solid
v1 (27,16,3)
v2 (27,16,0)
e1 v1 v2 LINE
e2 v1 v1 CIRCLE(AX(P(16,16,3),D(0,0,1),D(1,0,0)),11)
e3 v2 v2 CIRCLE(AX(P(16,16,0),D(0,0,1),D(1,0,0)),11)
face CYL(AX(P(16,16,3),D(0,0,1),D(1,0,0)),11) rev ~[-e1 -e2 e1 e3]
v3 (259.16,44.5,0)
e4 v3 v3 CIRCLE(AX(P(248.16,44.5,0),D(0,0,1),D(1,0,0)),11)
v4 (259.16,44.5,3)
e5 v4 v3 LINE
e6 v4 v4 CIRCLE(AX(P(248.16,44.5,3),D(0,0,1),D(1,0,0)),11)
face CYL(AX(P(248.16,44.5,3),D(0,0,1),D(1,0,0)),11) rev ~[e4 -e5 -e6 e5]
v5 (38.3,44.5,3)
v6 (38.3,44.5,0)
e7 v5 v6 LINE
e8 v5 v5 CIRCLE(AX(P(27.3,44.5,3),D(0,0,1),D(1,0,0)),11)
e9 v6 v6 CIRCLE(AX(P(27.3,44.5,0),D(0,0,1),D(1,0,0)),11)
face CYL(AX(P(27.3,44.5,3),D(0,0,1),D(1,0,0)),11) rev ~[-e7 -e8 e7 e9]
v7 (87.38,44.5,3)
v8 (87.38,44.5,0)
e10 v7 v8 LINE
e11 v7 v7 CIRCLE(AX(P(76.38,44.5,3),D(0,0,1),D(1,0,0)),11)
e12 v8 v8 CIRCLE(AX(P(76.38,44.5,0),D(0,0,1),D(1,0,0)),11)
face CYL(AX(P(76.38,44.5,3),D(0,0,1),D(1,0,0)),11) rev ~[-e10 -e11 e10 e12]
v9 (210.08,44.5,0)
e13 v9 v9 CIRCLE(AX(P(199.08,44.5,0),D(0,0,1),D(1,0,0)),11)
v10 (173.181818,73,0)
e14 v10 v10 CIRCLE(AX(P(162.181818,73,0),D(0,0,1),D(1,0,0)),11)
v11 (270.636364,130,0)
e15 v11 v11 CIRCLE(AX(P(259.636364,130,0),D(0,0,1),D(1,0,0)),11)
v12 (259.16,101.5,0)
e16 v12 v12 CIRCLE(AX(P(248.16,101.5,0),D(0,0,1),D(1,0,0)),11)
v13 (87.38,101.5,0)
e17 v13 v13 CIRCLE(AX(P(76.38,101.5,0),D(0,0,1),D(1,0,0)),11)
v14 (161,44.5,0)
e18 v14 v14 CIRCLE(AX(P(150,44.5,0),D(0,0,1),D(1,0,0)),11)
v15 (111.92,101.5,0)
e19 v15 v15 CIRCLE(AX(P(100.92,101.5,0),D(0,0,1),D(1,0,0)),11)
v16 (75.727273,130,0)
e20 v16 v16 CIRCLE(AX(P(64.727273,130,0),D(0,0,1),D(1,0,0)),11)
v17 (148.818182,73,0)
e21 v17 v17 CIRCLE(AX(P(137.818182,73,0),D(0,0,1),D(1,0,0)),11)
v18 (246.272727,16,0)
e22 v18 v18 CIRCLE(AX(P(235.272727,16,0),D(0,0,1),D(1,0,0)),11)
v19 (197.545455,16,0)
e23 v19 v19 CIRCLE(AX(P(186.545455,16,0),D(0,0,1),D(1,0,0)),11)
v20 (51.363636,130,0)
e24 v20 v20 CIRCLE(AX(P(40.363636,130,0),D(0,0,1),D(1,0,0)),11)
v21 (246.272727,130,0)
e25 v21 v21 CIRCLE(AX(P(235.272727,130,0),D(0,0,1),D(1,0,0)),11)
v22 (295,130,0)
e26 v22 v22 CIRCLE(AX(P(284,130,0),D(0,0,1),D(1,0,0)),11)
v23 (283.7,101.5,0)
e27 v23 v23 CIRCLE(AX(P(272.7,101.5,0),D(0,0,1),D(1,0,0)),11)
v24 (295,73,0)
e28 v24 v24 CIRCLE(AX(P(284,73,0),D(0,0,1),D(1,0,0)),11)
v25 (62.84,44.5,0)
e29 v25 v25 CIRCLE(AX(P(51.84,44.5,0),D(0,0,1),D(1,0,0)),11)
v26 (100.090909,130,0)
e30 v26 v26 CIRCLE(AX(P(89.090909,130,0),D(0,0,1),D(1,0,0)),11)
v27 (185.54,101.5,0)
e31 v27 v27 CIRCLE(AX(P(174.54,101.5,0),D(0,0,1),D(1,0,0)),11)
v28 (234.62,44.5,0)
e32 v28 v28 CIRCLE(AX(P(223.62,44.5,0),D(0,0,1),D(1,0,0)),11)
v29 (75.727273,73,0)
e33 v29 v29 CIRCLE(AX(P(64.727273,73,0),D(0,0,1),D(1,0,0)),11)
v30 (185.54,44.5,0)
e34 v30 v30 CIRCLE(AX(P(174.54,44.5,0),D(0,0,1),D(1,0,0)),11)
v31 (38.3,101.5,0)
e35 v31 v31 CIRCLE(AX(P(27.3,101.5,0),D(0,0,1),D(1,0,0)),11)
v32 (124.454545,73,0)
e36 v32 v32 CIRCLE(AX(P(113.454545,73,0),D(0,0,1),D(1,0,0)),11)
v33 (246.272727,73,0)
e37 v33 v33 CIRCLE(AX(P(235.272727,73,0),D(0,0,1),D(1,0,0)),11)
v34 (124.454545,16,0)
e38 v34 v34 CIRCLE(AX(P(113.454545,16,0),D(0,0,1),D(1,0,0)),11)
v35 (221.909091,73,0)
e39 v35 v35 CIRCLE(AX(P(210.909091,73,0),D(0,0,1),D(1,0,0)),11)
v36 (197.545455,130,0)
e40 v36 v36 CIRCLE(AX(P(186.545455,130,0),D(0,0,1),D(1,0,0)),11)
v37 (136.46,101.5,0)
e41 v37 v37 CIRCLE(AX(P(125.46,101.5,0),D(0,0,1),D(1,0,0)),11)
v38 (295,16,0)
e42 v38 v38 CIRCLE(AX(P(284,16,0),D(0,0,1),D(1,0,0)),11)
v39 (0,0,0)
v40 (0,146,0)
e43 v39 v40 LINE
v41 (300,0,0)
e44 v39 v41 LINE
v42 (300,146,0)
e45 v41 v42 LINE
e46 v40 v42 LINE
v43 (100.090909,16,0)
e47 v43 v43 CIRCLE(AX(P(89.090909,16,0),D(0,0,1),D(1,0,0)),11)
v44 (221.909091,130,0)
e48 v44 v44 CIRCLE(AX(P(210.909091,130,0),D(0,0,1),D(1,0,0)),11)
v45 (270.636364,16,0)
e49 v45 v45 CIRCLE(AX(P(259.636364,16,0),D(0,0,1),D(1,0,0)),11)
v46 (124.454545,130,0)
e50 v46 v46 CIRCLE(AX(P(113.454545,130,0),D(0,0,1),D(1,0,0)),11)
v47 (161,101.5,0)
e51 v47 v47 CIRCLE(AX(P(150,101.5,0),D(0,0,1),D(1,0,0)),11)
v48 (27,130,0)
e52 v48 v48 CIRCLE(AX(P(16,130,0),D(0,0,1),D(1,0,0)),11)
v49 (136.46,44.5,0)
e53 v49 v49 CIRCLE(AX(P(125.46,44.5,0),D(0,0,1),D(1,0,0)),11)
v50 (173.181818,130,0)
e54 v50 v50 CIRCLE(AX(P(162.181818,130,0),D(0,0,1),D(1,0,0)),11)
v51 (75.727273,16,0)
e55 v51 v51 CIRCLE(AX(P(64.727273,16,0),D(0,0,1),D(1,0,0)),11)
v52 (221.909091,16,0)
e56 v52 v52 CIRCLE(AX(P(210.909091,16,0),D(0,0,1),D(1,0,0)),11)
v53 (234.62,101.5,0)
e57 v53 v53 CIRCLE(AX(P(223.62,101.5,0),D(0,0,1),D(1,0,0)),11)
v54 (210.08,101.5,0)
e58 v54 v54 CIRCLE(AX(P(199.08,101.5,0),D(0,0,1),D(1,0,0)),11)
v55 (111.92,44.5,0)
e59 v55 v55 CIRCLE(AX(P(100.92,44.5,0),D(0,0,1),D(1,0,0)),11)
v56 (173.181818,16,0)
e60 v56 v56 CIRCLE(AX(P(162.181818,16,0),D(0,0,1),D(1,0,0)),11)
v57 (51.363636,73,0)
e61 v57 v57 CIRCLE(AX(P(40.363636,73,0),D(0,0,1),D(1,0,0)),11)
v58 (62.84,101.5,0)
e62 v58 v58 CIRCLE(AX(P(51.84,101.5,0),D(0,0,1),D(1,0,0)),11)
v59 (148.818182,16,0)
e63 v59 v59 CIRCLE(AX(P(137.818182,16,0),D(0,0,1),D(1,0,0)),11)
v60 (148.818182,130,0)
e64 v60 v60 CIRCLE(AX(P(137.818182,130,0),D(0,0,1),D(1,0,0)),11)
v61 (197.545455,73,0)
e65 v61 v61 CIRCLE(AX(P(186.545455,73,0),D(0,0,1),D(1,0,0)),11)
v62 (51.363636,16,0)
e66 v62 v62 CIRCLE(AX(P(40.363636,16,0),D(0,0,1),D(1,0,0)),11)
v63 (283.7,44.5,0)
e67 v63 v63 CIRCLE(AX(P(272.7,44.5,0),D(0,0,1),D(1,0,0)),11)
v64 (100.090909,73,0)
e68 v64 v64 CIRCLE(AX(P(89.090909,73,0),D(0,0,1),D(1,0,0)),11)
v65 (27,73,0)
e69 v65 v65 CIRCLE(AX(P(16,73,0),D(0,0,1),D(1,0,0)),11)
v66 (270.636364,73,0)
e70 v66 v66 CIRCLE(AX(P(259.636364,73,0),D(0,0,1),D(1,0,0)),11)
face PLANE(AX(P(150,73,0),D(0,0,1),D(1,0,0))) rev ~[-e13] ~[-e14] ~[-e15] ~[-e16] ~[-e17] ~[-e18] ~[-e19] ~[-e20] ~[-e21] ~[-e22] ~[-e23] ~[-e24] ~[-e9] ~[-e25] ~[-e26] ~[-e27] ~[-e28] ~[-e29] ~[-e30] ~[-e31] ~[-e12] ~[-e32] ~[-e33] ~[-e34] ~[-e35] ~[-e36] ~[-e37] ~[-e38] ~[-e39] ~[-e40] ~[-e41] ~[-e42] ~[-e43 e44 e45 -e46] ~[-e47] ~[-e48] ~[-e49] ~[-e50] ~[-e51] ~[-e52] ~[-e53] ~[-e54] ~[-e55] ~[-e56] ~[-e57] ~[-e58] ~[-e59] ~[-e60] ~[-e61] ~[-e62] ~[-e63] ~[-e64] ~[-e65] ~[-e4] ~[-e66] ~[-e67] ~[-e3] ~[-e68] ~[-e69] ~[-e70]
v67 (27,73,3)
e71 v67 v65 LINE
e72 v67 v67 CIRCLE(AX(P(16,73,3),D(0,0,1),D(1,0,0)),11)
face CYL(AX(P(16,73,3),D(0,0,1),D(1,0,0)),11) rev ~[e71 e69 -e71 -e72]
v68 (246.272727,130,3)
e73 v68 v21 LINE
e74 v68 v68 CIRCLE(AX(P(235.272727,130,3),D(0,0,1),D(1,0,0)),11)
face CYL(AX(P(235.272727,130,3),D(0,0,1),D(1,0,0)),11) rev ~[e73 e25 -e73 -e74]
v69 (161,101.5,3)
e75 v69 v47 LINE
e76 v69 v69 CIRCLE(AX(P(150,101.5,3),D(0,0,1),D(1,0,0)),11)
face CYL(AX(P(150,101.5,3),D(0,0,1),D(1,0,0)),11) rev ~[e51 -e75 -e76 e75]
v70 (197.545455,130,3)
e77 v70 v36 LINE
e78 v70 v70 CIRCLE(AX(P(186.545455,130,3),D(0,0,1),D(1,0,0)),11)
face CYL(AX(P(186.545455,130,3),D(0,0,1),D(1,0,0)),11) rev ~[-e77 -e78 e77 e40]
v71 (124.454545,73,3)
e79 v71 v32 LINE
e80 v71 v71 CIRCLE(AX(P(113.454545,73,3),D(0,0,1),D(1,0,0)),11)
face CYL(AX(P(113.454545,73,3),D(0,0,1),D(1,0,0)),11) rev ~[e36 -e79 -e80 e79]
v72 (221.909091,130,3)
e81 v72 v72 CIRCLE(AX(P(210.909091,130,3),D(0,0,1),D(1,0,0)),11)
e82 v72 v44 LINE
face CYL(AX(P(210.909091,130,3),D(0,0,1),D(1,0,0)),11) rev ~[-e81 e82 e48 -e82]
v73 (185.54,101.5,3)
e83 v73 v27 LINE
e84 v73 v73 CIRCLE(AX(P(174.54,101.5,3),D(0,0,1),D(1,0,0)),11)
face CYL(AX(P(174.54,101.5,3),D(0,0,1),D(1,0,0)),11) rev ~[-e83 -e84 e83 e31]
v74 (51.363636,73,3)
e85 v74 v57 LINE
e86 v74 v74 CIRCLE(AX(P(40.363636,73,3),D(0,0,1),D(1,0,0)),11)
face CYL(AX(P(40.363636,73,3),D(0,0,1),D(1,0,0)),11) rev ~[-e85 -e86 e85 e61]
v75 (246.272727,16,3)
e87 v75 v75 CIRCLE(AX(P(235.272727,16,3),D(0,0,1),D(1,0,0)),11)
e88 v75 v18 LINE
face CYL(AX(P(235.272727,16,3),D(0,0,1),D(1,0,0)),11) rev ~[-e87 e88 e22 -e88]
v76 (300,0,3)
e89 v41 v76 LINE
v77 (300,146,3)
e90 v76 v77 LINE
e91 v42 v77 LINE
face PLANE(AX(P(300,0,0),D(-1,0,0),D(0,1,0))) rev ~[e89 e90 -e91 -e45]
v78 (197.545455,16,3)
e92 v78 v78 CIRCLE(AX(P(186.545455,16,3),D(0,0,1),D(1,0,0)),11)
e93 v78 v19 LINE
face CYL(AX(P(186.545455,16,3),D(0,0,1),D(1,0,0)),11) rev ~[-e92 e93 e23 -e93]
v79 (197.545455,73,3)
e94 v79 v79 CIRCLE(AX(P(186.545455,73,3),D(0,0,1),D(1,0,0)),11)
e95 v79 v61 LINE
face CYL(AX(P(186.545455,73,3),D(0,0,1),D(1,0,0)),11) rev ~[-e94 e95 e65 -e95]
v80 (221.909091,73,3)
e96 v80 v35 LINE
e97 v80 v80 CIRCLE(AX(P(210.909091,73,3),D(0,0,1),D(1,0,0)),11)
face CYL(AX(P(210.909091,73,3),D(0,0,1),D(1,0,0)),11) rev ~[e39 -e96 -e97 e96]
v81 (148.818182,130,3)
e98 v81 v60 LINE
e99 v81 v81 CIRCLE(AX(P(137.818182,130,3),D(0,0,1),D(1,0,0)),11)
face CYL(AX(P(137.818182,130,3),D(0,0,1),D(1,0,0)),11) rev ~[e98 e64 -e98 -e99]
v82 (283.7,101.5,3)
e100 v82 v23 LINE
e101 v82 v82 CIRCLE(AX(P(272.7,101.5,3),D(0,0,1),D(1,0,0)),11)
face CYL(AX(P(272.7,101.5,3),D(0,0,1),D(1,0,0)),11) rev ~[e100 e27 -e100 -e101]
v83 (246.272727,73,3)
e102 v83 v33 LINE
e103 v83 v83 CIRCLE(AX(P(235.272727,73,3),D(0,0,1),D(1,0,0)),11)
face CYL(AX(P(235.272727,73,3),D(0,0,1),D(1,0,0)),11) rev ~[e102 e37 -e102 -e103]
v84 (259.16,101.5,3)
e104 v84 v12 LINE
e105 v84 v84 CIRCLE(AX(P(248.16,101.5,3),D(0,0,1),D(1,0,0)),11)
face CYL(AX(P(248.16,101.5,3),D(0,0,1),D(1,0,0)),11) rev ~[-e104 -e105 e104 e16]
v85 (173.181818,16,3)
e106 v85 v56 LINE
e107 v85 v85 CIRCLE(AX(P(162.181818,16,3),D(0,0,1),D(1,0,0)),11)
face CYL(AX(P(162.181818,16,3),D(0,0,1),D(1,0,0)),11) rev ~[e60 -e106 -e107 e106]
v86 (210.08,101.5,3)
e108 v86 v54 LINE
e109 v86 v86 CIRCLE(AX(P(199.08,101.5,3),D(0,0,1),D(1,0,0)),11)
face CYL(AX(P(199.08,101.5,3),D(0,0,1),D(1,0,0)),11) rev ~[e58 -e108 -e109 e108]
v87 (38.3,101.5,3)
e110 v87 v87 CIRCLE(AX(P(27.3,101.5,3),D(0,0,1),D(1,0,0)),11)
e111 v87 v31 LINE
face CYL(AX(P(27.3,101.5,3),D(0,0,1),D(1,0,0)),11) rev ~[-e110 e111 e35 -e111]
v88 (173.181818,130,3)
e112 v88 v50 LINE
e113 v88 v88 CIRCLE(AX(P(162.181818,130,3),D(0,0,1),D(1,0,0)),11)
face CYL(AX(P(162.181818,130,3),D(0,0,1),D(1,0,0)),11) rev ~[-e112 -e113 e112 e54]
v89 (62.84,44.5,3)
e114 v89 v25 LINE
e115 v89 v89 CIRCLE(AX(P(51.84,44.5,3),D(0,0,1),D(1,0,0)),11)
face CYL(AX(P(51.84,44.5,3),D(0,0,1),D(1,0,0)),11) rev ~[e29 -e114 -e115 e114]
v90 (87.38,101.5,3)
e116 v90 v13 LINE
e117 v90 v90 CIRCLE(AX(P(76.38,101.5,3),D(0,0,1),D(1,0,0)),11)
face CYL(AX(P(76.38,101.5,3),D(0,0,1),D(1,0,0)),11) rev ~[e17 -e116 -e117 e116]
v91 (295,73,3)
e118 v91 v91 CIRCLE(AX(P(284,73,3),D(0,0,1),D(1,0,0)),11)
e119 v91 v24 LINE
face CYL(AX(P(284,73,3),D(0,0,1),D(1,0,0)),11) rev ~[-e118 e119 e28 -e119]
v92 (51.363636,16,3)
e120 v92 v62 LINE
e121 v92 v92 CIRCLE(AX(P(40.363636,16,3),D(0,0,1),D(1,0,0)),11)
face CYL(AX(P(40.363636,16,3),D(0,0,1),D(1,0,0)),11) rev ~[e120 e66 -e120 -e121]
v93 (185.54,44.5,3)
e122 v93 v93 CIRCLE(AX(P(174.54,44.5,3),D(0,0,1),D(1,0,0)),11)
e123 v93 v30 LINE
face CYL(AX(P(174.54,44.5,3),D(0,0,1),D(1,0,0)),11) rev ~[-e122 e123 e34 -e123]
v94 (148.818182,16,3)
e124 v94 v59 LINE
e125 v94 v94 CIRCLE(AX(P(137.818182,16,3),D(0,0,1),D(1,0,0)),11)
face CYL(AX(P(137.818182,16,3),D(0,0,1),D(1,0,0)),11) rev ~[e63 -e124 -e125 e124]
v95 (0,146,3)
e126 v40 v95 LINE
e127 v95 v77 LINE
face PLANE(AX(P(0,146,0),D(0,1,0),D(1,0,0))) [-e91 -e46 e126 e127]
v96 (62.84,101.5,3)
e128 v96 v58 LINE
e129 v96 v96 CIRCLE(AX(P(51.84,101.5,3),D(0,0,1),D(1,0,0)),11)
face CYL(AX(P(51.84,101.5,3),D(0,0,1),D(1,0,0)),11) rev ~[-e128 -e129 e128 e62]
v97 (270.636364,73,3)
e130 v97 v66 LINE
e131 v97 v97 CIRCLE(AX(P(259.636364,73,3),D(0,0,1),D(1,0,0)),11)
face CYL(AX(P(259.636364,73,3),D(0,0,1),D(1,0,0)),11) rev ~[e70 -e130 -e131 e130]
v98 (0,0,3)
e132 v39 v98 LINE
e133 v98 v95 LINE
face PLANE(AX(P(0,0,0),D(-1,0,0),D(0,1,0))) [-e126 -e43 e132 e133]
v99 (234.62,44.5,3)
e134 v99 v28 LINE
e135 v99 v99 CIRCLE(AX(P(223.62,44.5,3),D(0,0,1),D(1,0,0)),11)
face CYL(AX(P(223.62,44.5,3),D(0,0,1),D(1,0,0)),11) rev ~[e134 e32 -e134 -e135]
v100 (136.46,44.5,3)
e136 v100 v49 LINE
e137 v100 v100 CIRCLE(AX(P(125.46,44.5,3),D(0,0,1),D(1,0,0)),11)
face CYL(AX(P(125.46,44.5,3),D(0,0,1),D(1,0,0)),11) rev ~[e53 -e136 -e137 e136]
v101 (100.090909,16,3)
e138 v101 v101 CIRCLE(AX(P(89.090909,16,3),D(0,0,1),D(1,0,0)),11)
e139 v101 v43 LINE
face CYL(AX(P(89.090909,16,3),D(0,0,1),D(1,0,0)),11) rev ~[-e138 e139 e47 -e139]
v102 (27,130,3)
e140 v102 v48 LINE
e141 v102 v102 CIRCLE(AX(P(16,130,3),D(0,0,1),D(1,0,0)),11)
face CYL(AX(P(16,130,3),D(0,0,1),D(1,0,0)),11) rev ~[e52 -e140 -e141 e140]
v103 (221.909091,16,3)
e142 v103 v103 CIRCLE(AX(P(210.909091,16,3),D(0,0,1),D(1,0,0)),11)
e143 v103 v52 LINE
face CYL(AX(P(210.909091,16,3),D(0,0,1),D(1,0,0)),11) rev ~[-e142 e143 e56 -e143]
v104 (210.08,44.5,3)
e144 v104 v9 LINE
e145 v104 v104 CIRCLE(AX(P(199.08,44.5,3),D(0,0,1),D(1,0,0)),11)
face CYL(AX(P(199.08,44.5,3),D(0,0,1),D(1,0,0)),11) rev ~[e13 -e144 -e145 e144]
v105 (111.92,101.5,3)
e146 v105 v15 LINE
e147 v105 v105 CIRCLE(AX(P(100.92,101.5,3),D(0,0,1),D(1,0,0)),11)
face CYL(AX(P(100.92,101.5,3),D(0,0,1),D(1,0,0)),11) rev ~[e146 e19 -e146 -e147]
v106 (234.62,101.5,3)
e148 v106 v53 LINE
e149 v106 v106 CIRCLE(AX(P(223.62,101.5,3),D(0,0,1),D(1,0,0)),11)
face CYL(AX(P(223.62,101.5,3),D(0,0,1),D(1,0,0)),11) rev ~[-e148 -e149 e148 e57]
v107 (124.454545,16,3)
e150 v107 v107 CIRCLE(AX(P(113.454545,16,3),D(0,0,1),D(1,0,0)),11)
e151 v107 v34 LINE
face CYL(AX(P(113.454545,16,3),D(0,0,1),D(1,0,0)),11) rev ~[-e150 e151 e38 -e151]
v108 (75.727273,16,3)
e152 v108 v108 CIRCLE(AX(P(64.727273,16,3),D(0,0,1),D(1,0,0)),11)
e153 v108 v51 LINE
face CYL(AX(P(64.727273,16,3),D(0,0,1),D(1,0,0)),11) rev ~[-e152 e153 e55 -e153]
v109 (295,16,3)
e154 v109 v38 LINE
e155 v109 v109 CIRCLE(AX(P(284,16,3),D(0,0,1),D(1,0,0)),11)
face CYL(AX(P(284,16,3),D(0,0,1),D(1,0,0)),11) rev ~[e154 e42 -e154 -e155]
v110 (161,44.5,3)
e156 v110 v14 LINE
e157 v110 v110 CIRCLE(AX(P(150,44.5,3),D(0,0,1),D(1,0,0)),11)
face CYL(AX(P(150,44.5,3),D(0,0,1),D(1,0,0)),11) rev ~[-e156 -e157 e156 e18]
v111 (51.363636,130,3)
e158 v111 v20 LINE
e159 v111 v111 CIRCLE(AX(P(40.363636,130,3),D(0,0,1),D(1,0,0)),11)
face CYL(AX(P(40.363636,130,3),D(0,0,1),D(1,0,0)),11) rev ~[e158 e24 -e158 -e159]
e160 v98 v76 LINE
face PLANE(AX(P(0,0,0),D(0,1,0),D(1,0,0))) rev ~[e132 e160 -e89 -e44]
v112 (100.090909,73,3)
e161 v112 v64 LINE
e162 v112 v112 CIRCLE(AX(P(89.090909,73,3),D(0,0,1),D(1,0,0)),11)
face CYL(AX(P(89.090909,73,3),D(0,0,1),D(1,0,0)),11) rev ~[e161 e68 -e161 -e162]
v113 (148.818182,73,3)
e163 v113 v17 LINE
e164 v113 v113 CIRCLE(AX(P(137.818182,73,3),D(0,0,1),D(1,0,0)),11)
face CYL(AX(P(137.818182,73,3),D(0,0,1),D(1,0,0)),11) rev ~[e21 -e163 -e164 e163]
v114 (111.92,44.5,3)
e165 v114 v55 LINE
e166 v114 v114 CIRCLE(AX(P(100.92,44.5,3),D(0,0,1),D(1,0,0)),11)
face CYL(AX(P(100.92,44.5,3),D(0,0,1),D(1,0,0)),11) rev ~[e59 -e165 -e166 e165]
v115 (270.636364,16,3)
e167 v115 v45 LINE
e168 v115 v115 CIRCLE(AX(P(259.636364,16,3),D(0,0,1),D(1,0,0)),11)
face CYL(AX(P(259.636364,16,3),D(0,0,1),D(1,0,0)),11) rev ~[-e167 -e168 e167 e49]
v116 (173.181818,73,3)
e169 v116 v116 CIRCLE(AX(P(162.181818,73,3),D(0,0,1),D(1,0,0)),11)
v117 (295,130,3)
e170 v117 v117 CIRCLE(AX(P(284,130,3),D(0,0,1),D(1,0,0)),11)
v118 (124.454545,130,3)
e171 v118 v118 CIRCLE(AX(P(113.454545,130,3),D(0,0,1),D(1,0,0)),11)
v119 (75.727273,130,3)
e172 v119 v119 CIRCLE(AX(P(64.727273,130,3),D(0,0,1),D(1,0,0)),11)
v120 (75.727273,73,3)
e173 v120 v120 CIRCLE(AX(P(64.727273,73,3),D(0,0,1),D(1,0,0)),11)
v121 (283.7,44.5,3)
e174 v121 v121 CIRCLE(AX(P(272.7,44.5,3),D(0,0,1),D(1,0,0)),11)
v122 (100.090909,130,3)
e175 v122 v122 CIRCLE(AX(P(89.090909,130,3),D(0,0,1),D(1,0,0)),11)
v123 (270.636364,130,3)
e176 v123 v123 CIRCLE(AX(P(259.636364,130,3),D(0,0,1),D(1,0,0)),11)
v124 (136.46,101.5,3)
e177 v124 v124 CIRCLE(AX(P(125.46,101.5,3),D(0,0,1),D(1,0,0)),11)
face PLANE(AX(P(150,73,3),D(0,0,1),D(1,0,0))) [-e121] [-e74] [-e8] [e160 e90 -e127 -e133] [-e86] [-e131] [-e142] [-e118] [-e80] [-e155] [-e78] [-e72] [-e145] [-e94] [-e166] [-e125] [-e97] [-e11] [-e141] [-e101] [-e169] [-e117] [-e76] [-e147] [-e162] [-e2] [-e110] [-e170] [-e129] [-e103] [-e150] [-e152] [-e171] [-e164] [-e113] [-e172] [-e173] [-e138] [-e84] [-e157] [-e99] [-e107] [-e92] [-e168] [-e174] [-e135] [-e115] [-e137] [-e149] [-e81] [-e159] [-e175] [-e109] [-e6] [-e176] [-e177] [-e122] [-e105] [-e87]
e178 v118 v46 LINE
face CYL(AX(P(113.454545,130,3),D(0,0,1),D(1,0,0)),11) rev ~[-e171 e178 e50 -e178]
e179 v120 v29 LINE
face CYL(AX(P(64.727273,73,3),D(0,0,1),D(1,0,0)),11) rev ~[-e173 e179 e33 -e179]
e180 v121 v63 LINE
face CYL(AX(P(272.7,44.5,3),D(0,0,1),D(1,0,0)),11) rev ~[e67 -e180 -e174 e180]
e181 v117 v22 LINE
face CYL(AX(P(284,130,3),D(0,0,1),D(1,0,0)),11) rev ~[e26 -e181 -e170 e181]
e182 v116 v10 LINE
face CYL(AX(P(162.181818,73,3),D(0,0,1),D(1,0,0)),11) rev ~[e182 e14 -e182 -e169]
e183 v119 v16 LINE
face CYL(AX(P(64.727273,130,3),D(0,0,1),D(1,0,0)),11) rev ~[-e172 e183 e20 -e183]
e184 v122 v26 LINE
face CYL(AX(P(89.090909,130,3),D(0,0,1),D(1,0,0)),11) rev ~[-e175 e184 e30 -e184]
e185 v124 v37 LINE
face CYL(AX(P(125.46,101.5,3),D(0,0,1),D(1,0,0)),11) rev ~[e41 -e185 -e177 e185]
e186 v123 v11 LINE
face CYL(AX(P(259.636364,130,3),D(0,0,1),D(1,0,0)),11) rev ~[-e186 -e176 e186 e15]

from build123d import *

# Parameters (mm, degrees)
F0_W     = 300
F0_H     = 146
F1_DEPTH = 3
F2_R     = 11
F3_DEPTH = 3.001


with BuildPart() as f1:
    # F0 (on Top) → F1 (new body)
    with BuildSketch(Plane.XY):
        with Locations((150, 73)):
            Rectangle(F0_W, F0_H)
    extrude(amount=F1_DEPTH)

    # F2 (on face) → F3 (cut, through all)
    with BuildSketch(Plane.XY.offset(3)):
        with Locations((16, 130)):
            Circle(F2_R)
        with Locations((40.363636, 130)):
            Circle(F2_R)
        with Locations((64.727273, 130)):
            Circle(F2_R)
        with Locations((89.090909, 130)):
            Circle(F2_R)
        with Locations((113.454545, 130)):
            Circle(F2_R)
        with Locations((137.818182, 130)):
            Circle(F2_R)
        with Locations((162.181818, 130)):
            Circle(F2_R)
        with Locations((186.545455, 130)):
            Circle(F2_R)
        with Locations((210.909091, 130)):
            Circle(F2_R)
        with Locations((235.272727, 130)):
            Circle(F2_R)
        with Locations((259.636364, 130)):
            Circle(F2_R)
        with Locations((284, 130)):
            Circle(F2_R)
        with Locations((16, 73)):
            Circle(F2_R)
        with Locations((40.363636, 73)):
            Circle(F2_R)
        with Locations((64.727273, 73)):
            Circle(F2_R)
        with Locations((89.090909, 73)):
            Circle(F2_R)
        with Locations((113.454545, 73)):
            Circle(F2_R)
        with Locations((137.818182, 73)):
            Circle(F2_R)
        with Locations((162.181818, 73)):
            Circle(F2_R)
        with Locations((186.545455, 73)):
            Circle(F2_R)
        with Locations((210.909091, 73)):
            Circle(F2_R)
        with Locations((235.272727, 73)):
            Circle(F2_R)
        with Locations((259.636364, 73)):
            Circle(F2_R)
        with Locations((284, 73)):
            Circle(F2_R)
        with Locations((16, 16)):
            Circle(F2_R)
        with Locations((40.363636, 16)):
            Circle(F2_R)
        with Locations((64.727273, 16)):
            Circle(F2_R)
        with Locations((89.090909, 16)):
            Circle(F2_R)
        with Locations((113.454545, 16)):
            Circle(F2_R)
        with Locations((137.818182, 16)):
            Circle(F2_R)
        with Locations((162.181818, 16)):
            Circle(F2_R)
        with Locations((186.545455, 16)):
            Circle(F2_R)
        with Locations((210.909091, 16)):
            Circle(F2_R)
        with Locations((235.272727, 16)):
            Circle(F2_R)
        with Locations((259.636364, 16)):
            Circle(F2_R)
        with Locations((284, 16)):
            Circle(F2_R)
        with Locations((27.3, 101.5)):
            Circle(F2_R)
        with Locations((27.3, 44.5)):
            Circle(F2_R)
        with Locations((51.84, 101.5)):
            Circle(F2_R)
        with Locations((51.84, 44.5)):
            Circle(F2_R)
        with Locations((76.38, 101.5)):
            Circle(F2_R)
        with Locations((76.38, 44.5)):
            Circle(F2_R)
        with Locations((100.92, 101.5)):
            Circle(F2_R)
        with Locations((100.92, 44.5)):
            Circle(F2_R)
        with Locations((125.46, 101.5)):
            Circle(F2_R)
        with Locations((125.46, 44.5)):
            Circle(F2_R)
        with Locations((150, 101.5)):
            Circle(F2_R)
        with Locations((150, 44.5)):
            Circle(F2_R)
        with Locations((174.54, 101.5)):
            Circle(F2_R)
        with Locations((174.54, 44.5)):
            Circle(F2_R)
        with Locations((199.08, 101.5)):
            Circle(F2_R)
        with Locations((199.08, 44.5)):
            Circle(F2_R)
        with Locations((223.62, 101.5)):
            Circle(F2_R)
        with Locations((223.62, 44.5)):
            Circle(F2_R)
        with Locations((248.16, 101.5)):
            Circle(F2_R)
        with Locations((248.16, 44.5)):
            Circle(F2_R)
        with Locations((272.7, 101.5)):
            Circle(F2_R)
        with Locations((272.7, 44.5)):
            Circle(F2_R)
    extrude(amount=-F3_DEPTH, mode=Mode.SUBTRACT)


solid = f1.part
